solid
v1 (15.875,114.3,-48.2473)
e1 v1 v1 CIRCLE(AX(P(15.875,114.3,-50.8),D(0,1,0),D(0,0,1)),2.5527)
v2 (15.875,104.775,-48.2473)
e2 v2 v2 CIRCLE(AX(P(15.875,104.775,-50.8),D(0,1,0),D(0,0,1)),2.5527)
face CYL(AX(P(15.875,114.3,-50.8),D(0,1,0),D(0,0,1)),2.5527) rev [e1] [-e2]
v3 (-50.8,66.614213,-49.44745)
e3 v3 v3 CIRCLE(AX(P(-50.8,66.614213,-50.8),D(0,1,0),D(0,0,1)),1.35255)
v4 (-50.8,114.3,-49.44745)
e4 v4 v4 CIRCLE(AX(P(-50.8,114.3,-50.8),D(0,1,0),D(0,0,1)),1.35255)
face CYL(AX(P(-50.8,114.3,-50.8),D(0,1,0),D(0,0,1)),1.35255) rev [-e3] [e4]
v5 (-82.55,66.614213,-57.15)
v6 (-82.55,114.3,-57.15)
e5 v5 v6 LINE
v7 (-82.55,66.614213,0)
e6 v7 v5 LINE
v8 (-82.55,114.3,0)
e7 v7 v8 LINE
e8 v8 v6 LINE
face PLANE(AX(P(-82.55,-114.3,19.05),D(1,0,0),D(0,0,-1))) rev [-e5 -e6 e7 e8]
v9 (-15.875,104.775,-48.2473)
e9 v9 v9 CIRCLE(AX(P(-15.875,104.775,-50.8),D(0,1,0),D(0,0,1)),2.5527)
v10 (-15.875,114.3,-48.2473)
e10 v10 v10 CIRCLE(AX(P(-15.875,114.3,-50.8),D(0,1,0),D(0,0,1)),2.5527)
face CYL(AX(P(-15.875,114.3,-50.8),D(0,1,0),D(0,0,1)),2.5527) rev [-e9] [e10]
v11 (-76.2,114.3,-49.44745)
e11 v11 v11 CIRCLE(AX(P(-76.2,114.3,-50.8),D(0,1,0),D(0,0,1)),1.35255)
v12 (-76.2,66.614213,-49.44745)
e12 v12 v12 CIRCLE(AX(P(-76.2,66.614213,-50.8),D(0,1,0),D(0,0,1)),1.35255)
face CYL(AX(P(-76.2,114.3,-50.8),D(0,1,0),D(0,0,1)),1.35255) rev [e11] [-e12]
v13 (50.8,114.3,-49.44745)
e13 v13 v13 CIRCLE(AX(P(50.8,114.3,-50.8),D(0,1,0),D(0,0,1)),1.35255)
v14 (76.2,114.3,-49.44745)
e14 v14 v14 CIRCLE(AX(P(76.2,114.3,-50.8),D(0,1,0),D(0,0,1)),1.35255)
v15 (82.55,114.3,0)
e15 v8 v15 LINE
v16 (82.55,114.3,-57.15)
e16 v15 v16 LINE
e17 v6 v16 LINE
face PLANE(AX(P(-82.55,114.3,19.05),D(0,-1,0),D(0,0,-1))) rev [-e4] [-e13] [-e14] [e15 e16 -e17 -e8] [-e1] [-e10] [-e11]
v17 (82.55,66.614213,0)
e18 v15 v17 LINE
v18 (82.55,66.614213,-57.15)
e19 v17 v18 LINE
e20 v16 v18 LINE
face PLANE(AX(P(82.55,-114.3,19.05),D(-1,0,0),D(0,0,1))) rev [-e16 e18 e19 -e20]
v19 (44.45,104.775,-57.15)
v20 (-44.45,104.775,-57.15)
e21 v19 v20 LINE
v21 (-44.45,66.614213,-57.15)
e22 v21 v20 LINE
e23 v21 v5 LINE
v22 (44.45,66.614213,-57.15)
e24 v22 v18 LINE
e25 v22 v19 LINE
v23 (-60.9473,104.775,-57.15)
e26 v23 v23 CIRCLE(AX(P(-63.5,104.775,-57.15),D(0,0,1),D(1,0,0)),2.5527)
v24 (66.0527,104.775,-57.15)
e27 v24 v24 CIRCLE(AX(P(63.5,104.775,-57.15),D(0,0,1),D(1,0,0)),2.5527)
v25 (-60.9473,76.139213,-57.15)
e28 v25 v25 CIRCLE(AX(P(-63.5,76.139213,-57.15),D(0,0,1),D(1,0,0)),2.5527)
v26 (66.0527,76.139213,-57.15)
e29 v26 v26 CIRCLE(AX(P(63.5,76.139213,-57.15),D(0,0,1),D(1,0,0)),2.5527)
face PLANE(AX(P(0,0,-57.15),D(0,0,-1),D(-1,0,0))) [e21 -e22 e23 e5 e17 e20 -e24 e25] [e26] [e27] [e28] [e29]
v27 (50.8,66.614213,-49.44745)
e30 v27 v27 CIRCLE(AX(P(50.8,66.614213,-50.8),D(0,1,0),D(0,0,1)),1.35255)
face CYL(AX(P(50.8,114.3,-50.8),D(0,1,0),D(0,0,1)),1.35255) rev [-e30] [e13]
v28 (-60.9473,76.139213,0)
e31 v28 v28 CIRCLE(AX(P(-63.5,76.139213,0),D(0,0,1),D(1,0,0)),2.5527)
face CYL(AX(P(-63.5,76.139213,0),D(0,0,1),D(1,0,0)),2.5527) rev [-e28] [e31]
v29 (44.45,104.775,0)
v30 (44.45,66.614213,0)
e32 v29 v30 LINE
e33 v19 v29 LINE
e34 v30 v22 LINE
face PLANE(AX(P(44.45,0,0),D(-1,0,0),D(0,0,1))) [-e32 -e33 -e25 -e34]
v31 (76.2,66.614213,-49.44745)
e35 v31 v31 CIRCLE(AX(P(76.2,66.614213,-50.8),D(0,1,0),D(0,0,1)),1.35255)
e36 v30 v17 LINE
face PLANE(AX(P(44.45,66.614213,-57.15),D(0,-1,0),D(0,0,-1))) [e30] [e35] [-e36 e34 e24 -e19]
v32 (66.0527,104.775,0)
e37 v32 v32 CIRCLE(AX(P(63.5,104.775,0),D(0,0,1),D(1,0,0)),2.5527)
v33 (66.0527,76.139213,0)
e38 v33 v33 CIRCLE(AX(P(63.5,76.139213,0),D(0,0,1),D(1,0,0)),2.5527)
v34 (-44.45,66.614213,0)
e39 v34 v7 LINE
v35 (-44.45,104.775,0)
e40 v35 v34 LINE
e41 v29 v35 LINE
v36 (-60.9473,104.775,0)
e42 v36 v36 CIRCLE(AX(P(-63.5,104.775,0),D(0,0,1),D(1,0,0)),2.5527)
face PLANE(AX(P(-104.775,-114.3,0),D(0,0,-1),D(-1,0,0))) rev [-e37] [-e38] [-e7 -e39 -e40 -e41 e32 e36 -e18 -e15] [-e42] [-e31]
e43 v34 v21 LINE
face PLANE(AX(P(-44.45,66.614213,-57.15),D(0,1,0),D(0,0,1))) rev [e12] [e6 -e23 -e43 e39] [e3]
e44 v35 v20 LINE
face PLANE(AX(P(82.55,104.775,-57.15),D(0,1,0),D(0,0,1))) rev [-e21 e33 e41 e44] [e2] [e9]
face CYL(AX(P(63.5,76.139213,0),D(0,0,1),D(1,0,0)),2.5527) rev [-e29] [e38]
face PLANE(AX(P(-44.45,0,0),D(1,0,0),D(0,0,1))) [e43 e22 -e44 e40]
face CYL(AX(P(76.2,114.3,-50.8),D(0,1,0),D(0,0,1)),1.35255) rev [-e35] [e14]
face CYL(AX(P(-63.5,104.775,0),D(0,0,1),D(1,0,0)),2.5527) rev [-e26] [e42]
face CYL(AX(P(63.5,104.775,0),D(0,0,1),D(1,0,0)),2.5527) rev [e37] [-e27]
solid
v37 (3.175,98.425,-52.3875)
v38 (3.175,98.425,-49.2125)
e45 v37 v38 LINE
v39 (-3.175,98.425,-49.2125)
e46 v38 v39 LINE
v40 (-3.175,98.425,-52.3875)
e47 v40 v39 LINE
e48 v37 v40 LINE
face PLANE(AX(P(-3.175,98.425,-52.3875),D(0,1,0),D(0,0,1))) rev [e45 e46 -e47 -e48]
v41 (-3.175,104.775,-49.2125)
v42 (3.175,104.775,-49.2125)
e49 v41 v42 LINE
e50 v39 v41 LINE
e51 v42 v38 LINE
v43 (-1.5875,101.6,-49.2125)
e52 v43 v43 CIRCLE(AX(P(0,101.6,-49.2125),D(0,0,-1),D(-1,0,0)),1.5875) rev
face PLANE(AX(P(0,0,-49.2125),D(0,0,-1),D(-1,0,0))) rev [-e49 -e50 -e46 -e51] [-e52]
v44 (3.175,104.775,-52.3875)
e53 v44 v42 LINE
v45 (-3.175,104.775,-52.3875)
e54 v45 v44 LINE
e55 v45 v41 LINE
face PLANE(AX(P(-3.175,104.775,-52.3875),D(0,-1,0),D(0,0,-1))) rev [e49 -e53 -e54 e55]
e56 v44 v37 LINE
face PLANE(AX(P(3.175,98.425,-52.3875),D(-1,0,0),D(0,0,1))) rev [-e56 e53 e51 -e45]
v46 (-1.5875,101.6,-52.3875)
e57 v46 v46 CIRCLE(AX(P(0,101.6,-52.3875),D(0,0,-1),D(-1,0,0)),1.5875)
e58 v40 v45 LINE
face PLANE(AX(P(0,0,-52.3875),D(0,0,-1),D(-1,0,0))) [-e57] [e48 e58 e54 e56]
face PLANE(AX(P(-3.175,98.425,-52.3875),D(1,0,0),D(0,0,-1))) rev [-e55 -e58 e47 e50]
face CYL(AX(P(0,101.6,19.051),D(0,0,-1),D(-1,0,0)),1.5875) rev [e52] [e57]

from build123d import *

# Parameters (mm, degrees)
SKETCH1_W                                      = 165.1
SKETCH1_H                                      = 228.6
BOSS_EXTRUDE1_DEPTH                            = 19.05
SKETCH2_W                                      = 76.2
SKETCH2_H                                      = 203.2
CUT_EXTRUDE1_DEPTH                             = 143.27401379
SKETCH3_W                                      = 165.1
SKETCH3_H                                      = 9.525
BOSS_EXTRUDE2_DEPTH                            = 57.15
SKETCH4_W                                      = 19.05
SKETCH4_H                                      = 38.1
BOSS_EXTRUDE3_DEPTH                            = 12.7
SKETCH7_W                                      = 88.9
SKETCH7_H                                      = 12.7
BOSS_EXTRUDE4_DEPTH                            = 19.05
SKETCH8_W                                      = 82.55
SKETCH8_H                                      = 19.05
CUT_EXTRUDE4_DEPTH                             = 2.54
F_8_32_TAPPED_HOLE1_D                          = 3.4544
F_8_32_TAPPED_HOLE1_DEPTH                      = 12.7
F_8_32_TAPPED_HOLE1_TIP                        = 1.037806461
F_1_4_CLEARANCE_HOLE1_D                        = 6.7564
F_1_4_CLEARANCE_HOLE1_DEPTH                    = 10.16
CBORE_FOR_8_SOCKET_HEAD_CAP_SCREW1_D           = 4.4958
CBORE_FOR_8_SOCKET_HEAD_CAP_SCREW1_CBORE_D     = 7.9375
CBORE_FOR_8_SOCKET_HEAD_CAP_SCREW1_CBORE_DEPTH = 4.1656
F_1_4_20_TAPPED_HOLE1_D                        = 5.1054
BOSS_EXTRUDE5_START                            = -7.9375
SKETCH22_W                                     = 6.35
SKETCH22_H                                     = 6.35
BOSS_EXTRUDE5_DEPTH                            = 3.175
SKETCH23_R                                     = 1.5875
CUT_EXTRUDE5_DEPTH                             = 3.175
SKETCH27_W                                     = 57.15
SKETCH27_H                                     = 47.685786878
BOSS_EXTRUDE6_DEPTH                            = 38.1
SKETCH26_W                                     = 19.05
SKETCH26_H                                     = 228.6
CUT_EXTRUDE7_DEPTH                             = 246.442080744
SKETCH29_W                                     = 1.35255
SKETCH29_H                                     = 47.685786878
F_6_32_TAPPED_HOLE1_AT_2_COUNT                 = 2
F_6_32_TAPPED_HOLE1_AT_2_PITCH                 = 25.4
F_6_32_TAPPED_HOLE1_AT_3_COUNT                 = 2
F_6_32_TAPPED_HOLE1_AT_3_PITCH                 = 127
F_6_32_TAPPED_HOLE1_AT_4_COUNT                 = 2
F_6_32_TAPPED_HOLE1_AT_4_PITCH                 = 152.4
SKETCH31_W                                     = 2.5527
SKETCH31_H                                     = 57.15
F_1_4_20_TAPPED_HOLE2_AT_2_COUNT               = 2
F_1_4_20_TAPPED_HOLE2_AT_2_PITCH               = 28.635786878
F_1_4_20_TAPPED_HOLE2_AT_3_COUNT               = 2
F_1_4_20_TAPPED_HOLE2_AT_3_PITCH               = 127
F_1_4_20_TAPPED_HOLE2_AT_4_COUNT               = 2
F_1_4_20_TAPPED_HOLE2_AT_4_PITCH               = 130.188356968


with BuildPart() as part:
    # Sketch1 → Boss-Extrude1 (new body)
    with BuildSketch(Plane.XY):
        Rectangle(SKETCH1_W, SKETCH1_H)
    extrude(amount=BOSS_EXTRUDE1_DEPTH)

    # Sketch2 → Cut-Extrude1 (cut, through all)
    with BuildSketch(Plane.XY.offset(19.05)):
        with Locations((0, -12.7)):
            Rectangle(SKETCH2_W, SKETCH2_H)
    extrude(amount=-CUT_EXTRUDE1_DEPTH, mode=Mode.SUBTRACT)

    # Sketch3 → Boss-Extrude2 (add)
    with BuildSketch(Plane(origin=(0, 0, 0), x_dir=(-1, 0, 0), z_dir=(0, 0, -1))):
        with Locations((0, 109.5375)):
            Rectangle(SKETCH3_W, SKETCH3_H)
    extrude(amount=BOSS_EXTRUDE2_DEPTH)

    # Sketch4 → Boss-Extrude3 (add)
    with BuildSketch(Plane(origin=(0, 0, -57.15), x_dir=(-1, 0, 0), z_dir=(0, 0, -1))):
        with Locations((-73.025, 85.725)):
            Rectangle(SKETCH4_W, SKETCH4_H)
    boss_extrude3 = extrude(amount=-BOSS_EXTRUDE3_DEPTH)

    # Mirror1: Boss-Extrude3 across plane
    add(boss_extrude3.mirror(Plane(origin=(0, 0, 0), x_dir=(0, 0, 1), z_dir=(1, 0, 0))))

    # Sketch7 → Boss-Extrude4 (add)
    with BuildSketch(Plane.XY.offset(19.05)):
        with Locations((-60.325, -107.95)):
            Rectangle(SKETCH7_W, SKETCH7_H)
    boss_extrude4 = extrude(amount=-BOSS_EXTRUDE4_DEPTH)

    # Sketch8 → Cut-Extrude4 (cut)
    with BuildSketch(Plane(origin=(0, -114.3, 0), x_dir=(-1, 0, 0), z_dir=(0, -1, 0))):
        with Locations((60.325, -9.525)):
            Rectangle(SKETCH8_W, SKETCH8_H)
    cut_extrude4 = extrude(amount=-CUT_EXTRUDE4_DEPTH, mode=Mode.SUBTRACT)

    # Mirror3: Boss-Extrude4, Cut-Extrude4 across plane
    add(boss_extrude4.mirror(Plane(origin=(0, 0, 0), x_dir=(0, 0, 1), z_dir=(1, 0, 0))))
    add(cut_extrude4.mirror(Plane(origin=(0, 0, 0), x_dir=(0, 0, 1), z_dir=(1, 0, 0))), mode=Mode.SUBTRACT)

    # #8-32 Tapped Hole1
    with Locations(Plane(origin=(0, 114.3, 0), x_dir=(1, 0, 0), z_dir=(0, 1, 0))):
        with Locations((-76.2, -12.7), (-63.5, -12.7), (63.5, -12.7), (76.2, -12.7)):
            Hole(F_8_32_TAPPED_HOLE1_D / 2, depth=F_8_32_TAPPED_HOLE1_DEPTH)
            with Locations((0, 0, -(F_8_32_TAPPED_HOLE1_DEPTH + F_8_32_TAPPED_HOLE1_TIP / 2))):  # 118° drill point
                Cone(0, F_8_32_TAPPED_HOLE1_D / 2, F_8_32_TAPPED_HOLE1_TIP, mode=Mode.SUBTRACT)

    # 1/4 Clearance Hole1
    with Locations(Plane(origin=(0, -101.6, 0), x_dir=(1, 0, 0), z_dir=(0, 1, 0))):
        with Locations((-95.25, -6.35), (-25.4, -6.35), (25.4, -6.35), (95.25, -6.35)):
            Hole(F_1_4_CLEARANCE_HOLE1_D / 2, depth=F_1_4_CLEARANCE_HOLE1_DEPTH)

    # CBORE for #8 Socket Head Cap Screw1 (through all)
    with Locations(Plane.XY.offset(19.05)):
        with Locations((-76.2, 9.525), (-44.45, 9.525), (44.45, 9.525), (76.2, 9.525)):
            CounterBoreHole(CBORE_FOR_8_SOCKET_HEAD_CAP_SCREW1_D / 2, CBORE_FOR_8_SOCKET_HEAD_CAP_SCREW1_CBORE_D / 2, CBORE_FOR_8_SOCKET_HEAD_CAP_SCREW1_CBORE_DEPTH)

    # 1/4-20 Tapped Hole1 (through all)
    with Locations(Plane(origin=(0, 114.3, 0), x_dir=(1, 0, 0), z_dir=(0, 1, 0))):
        with Locations((15.875, 50.8), (-15.875, 50.8)):
            Hole(F_1_4_20_TAPPED_HOLE1_D / 2)

    # Sketch27 → Boss-Extrude6 (add)
    with BuildSketch(Plane(origin=(82.55, 0, 0), x_dir=(0, 0, -1), z_dir=(1, 0, 0))):
        with Locations((28.575, 90.457106561)):
            Rectangle(SKETCH27_W, SKETCH27_H)
    boss_extrude6 = extrude(amount=-BOSS_EXTRUDE6_DEPTH)

    # Mirror4: Boss-Extrude6 across plane
    add(boss_extrude6.mirror(Plane(origin=(0, 0, 0), x_dir=(0, 0, 1), z_dir=(1, 0, 0))))

    # Sketch26 → Cut-Extrude7 (cut, through all)
    with BuildSketch(Plane(origin=(104.775, 0, 0), x_dir=(0, 0, -1), z_dir=(1, 0, 0))):
        with Locations((-9.525, 0)):
            Rectangle(SKETCH26_W, SKETCH26_H)
    extrude(amount=-CUT_EXTRUDE7_DEPTH, mode=Mode.SUBTRACT)

    # Sketch29 → #6-32 Tapped Hole1 (revolve, cut)
    with BuildSketch(Plane(origin=(-76.2, 114.3, -50.8), x_dir=(0, 0, 1), z_dir=(1, 0, 0))):
        with Locations((0.676275, 23.842893439)):
            Rectangle(SKETCH29_W, SKETCH29_H)
    f_6_32_tapped_hole1 = revolve(axis=Axis((-76.2, 120.65, -50.8), (0, -1, 0)), mode=Mode.SUBTRACT)

    # #6-32 Tapped Hole1 at 2: #6-32 Tapped Hole1 ×2
    with Locations(*[(i * F_6_32_TAPPED_HOLE1_AT_2_PITCH, 0, 0) for i in range(1, F_6_32_TAPPED_HOLE1_AT_2_COUNT)]):
        add(f_6_32_tapped_hole1, mode=Mode.SUBTRACT)

    # #6-32 Tapped Hole1 at 3: #6-32 Tapped Hole1 ×2
    with Locations(*[(i * F_6_32_TAPPED_HOLE1_AT_3_PITCH, 0, 0) for i in range(1, F_6_32_TAPPED_HOLE1_AT_3_COUNT)]):
        add(f_6_32_tapped_hole1, mode=Mode.SUBTRACT)

    # #6-32 Tapped Hole1 at 4: #6-32 Tapped Hole1 ×2
    with Locations(*[(i * F_6_32_TAPPED_HOLE1_AT_4_PITCH, 0, 0) for i in range(1, F_6_32_TAPPED_HOLE1_AT_4_COUNT)]):
        add(f_6_32_tapped_hole1, mode=Mode.SUBTRACT)

    # Sketch31 → 1/4-20 Tapped Hole2 (revolve, cut)
    with BuildSketch(Plane(origin=(-63.5, 104.775, 0), x_dir=(0, -1, 0), z_dir=(1, 0, 0))):
        with Locations((1.27635, 28.575)):
            Rectangle(SKETCH31_W, SKETCH31_H)
    f_1_4_20_tapped_hole2 = revolve(axis=Axis((-63.5, 104.775, 6.35), (0, 0, -1)), mode=Mode.SUBTRACT)

    # 1/4-20 Tapped Hole2 at 2: 1/4-20 Tapped Hole2 ×2
    with Locations(*[(0, -i * F_1_4_20_TAPPED_HOLE2_AT_2_PITCH, 0) for i in range(1, F_1_4_20_TAPPED_HOLE2_AT_2_COUNT)]):
        add(f_1_4_20_tapped_hole2, mode=Mode.SUBTRACT)

    # 1/4-20 Tapped Hole2 at 3: 1/4-20 Tapped Hole2 ×2
    with Locations(*[(i * F_1_4_20_TAPPED_HOLE2_AT_3_PITCH, 0, 0) for i in range(1, F_1_4_20_TAPPED_HOLE2_AT_3_COUNT)]):
        add(f_1_4_20_tapped_hole2, mode=Mode.SUBTRACT)

    # 1/4-20 Tapped Hole2 at 4: 1/4-20 Tapped Hole2 ×2
    with Locations(*[Vector(0.9755096612129927, -0.21995658862628414, 0) * (i * F_1_4_20_TAPPED_HOLE2_AT_4_PITCH) for i in range(1, F_1_4_20_TAPPED_HOLE2_AT_4_COUNT)]):
        add(f_1_4_20_tapped_hole2, mode=Mode.SUBTRACT)


with BuildPart() as body_2:
    # Sketch22 → Boss-Extrude5 (new body)
    with BuildSketch(Plane(origin=(0, 0, -57.15), x_dir=(-1, 0, 0), z_dir=(0, 0, -1)).offset(BOSS_EXTRUDE5_START)):
        with Locations((0, 101.6)):
            Rectangle(SKETCH22_W, SKETCH22_H)
    extrude(amount=BOSS_EXTRUDE5_DEPTH)

    # Sketch23 → Cut-Extrude5 (cut)
    with BuildSketch(Plane(origin=(0, 0, -52.3875), x_dir=(-1, 0, 0), z_dir=(0, 0, -1))):
        with Locations((0, 101.6)):
            Circle(SKETCH23_R)
    extrude(amount=-CUT_EXTRUDE5_DEPTH, mode=Mode.SUBTRACT)


solid = Compound([part.part, body_2.part])
